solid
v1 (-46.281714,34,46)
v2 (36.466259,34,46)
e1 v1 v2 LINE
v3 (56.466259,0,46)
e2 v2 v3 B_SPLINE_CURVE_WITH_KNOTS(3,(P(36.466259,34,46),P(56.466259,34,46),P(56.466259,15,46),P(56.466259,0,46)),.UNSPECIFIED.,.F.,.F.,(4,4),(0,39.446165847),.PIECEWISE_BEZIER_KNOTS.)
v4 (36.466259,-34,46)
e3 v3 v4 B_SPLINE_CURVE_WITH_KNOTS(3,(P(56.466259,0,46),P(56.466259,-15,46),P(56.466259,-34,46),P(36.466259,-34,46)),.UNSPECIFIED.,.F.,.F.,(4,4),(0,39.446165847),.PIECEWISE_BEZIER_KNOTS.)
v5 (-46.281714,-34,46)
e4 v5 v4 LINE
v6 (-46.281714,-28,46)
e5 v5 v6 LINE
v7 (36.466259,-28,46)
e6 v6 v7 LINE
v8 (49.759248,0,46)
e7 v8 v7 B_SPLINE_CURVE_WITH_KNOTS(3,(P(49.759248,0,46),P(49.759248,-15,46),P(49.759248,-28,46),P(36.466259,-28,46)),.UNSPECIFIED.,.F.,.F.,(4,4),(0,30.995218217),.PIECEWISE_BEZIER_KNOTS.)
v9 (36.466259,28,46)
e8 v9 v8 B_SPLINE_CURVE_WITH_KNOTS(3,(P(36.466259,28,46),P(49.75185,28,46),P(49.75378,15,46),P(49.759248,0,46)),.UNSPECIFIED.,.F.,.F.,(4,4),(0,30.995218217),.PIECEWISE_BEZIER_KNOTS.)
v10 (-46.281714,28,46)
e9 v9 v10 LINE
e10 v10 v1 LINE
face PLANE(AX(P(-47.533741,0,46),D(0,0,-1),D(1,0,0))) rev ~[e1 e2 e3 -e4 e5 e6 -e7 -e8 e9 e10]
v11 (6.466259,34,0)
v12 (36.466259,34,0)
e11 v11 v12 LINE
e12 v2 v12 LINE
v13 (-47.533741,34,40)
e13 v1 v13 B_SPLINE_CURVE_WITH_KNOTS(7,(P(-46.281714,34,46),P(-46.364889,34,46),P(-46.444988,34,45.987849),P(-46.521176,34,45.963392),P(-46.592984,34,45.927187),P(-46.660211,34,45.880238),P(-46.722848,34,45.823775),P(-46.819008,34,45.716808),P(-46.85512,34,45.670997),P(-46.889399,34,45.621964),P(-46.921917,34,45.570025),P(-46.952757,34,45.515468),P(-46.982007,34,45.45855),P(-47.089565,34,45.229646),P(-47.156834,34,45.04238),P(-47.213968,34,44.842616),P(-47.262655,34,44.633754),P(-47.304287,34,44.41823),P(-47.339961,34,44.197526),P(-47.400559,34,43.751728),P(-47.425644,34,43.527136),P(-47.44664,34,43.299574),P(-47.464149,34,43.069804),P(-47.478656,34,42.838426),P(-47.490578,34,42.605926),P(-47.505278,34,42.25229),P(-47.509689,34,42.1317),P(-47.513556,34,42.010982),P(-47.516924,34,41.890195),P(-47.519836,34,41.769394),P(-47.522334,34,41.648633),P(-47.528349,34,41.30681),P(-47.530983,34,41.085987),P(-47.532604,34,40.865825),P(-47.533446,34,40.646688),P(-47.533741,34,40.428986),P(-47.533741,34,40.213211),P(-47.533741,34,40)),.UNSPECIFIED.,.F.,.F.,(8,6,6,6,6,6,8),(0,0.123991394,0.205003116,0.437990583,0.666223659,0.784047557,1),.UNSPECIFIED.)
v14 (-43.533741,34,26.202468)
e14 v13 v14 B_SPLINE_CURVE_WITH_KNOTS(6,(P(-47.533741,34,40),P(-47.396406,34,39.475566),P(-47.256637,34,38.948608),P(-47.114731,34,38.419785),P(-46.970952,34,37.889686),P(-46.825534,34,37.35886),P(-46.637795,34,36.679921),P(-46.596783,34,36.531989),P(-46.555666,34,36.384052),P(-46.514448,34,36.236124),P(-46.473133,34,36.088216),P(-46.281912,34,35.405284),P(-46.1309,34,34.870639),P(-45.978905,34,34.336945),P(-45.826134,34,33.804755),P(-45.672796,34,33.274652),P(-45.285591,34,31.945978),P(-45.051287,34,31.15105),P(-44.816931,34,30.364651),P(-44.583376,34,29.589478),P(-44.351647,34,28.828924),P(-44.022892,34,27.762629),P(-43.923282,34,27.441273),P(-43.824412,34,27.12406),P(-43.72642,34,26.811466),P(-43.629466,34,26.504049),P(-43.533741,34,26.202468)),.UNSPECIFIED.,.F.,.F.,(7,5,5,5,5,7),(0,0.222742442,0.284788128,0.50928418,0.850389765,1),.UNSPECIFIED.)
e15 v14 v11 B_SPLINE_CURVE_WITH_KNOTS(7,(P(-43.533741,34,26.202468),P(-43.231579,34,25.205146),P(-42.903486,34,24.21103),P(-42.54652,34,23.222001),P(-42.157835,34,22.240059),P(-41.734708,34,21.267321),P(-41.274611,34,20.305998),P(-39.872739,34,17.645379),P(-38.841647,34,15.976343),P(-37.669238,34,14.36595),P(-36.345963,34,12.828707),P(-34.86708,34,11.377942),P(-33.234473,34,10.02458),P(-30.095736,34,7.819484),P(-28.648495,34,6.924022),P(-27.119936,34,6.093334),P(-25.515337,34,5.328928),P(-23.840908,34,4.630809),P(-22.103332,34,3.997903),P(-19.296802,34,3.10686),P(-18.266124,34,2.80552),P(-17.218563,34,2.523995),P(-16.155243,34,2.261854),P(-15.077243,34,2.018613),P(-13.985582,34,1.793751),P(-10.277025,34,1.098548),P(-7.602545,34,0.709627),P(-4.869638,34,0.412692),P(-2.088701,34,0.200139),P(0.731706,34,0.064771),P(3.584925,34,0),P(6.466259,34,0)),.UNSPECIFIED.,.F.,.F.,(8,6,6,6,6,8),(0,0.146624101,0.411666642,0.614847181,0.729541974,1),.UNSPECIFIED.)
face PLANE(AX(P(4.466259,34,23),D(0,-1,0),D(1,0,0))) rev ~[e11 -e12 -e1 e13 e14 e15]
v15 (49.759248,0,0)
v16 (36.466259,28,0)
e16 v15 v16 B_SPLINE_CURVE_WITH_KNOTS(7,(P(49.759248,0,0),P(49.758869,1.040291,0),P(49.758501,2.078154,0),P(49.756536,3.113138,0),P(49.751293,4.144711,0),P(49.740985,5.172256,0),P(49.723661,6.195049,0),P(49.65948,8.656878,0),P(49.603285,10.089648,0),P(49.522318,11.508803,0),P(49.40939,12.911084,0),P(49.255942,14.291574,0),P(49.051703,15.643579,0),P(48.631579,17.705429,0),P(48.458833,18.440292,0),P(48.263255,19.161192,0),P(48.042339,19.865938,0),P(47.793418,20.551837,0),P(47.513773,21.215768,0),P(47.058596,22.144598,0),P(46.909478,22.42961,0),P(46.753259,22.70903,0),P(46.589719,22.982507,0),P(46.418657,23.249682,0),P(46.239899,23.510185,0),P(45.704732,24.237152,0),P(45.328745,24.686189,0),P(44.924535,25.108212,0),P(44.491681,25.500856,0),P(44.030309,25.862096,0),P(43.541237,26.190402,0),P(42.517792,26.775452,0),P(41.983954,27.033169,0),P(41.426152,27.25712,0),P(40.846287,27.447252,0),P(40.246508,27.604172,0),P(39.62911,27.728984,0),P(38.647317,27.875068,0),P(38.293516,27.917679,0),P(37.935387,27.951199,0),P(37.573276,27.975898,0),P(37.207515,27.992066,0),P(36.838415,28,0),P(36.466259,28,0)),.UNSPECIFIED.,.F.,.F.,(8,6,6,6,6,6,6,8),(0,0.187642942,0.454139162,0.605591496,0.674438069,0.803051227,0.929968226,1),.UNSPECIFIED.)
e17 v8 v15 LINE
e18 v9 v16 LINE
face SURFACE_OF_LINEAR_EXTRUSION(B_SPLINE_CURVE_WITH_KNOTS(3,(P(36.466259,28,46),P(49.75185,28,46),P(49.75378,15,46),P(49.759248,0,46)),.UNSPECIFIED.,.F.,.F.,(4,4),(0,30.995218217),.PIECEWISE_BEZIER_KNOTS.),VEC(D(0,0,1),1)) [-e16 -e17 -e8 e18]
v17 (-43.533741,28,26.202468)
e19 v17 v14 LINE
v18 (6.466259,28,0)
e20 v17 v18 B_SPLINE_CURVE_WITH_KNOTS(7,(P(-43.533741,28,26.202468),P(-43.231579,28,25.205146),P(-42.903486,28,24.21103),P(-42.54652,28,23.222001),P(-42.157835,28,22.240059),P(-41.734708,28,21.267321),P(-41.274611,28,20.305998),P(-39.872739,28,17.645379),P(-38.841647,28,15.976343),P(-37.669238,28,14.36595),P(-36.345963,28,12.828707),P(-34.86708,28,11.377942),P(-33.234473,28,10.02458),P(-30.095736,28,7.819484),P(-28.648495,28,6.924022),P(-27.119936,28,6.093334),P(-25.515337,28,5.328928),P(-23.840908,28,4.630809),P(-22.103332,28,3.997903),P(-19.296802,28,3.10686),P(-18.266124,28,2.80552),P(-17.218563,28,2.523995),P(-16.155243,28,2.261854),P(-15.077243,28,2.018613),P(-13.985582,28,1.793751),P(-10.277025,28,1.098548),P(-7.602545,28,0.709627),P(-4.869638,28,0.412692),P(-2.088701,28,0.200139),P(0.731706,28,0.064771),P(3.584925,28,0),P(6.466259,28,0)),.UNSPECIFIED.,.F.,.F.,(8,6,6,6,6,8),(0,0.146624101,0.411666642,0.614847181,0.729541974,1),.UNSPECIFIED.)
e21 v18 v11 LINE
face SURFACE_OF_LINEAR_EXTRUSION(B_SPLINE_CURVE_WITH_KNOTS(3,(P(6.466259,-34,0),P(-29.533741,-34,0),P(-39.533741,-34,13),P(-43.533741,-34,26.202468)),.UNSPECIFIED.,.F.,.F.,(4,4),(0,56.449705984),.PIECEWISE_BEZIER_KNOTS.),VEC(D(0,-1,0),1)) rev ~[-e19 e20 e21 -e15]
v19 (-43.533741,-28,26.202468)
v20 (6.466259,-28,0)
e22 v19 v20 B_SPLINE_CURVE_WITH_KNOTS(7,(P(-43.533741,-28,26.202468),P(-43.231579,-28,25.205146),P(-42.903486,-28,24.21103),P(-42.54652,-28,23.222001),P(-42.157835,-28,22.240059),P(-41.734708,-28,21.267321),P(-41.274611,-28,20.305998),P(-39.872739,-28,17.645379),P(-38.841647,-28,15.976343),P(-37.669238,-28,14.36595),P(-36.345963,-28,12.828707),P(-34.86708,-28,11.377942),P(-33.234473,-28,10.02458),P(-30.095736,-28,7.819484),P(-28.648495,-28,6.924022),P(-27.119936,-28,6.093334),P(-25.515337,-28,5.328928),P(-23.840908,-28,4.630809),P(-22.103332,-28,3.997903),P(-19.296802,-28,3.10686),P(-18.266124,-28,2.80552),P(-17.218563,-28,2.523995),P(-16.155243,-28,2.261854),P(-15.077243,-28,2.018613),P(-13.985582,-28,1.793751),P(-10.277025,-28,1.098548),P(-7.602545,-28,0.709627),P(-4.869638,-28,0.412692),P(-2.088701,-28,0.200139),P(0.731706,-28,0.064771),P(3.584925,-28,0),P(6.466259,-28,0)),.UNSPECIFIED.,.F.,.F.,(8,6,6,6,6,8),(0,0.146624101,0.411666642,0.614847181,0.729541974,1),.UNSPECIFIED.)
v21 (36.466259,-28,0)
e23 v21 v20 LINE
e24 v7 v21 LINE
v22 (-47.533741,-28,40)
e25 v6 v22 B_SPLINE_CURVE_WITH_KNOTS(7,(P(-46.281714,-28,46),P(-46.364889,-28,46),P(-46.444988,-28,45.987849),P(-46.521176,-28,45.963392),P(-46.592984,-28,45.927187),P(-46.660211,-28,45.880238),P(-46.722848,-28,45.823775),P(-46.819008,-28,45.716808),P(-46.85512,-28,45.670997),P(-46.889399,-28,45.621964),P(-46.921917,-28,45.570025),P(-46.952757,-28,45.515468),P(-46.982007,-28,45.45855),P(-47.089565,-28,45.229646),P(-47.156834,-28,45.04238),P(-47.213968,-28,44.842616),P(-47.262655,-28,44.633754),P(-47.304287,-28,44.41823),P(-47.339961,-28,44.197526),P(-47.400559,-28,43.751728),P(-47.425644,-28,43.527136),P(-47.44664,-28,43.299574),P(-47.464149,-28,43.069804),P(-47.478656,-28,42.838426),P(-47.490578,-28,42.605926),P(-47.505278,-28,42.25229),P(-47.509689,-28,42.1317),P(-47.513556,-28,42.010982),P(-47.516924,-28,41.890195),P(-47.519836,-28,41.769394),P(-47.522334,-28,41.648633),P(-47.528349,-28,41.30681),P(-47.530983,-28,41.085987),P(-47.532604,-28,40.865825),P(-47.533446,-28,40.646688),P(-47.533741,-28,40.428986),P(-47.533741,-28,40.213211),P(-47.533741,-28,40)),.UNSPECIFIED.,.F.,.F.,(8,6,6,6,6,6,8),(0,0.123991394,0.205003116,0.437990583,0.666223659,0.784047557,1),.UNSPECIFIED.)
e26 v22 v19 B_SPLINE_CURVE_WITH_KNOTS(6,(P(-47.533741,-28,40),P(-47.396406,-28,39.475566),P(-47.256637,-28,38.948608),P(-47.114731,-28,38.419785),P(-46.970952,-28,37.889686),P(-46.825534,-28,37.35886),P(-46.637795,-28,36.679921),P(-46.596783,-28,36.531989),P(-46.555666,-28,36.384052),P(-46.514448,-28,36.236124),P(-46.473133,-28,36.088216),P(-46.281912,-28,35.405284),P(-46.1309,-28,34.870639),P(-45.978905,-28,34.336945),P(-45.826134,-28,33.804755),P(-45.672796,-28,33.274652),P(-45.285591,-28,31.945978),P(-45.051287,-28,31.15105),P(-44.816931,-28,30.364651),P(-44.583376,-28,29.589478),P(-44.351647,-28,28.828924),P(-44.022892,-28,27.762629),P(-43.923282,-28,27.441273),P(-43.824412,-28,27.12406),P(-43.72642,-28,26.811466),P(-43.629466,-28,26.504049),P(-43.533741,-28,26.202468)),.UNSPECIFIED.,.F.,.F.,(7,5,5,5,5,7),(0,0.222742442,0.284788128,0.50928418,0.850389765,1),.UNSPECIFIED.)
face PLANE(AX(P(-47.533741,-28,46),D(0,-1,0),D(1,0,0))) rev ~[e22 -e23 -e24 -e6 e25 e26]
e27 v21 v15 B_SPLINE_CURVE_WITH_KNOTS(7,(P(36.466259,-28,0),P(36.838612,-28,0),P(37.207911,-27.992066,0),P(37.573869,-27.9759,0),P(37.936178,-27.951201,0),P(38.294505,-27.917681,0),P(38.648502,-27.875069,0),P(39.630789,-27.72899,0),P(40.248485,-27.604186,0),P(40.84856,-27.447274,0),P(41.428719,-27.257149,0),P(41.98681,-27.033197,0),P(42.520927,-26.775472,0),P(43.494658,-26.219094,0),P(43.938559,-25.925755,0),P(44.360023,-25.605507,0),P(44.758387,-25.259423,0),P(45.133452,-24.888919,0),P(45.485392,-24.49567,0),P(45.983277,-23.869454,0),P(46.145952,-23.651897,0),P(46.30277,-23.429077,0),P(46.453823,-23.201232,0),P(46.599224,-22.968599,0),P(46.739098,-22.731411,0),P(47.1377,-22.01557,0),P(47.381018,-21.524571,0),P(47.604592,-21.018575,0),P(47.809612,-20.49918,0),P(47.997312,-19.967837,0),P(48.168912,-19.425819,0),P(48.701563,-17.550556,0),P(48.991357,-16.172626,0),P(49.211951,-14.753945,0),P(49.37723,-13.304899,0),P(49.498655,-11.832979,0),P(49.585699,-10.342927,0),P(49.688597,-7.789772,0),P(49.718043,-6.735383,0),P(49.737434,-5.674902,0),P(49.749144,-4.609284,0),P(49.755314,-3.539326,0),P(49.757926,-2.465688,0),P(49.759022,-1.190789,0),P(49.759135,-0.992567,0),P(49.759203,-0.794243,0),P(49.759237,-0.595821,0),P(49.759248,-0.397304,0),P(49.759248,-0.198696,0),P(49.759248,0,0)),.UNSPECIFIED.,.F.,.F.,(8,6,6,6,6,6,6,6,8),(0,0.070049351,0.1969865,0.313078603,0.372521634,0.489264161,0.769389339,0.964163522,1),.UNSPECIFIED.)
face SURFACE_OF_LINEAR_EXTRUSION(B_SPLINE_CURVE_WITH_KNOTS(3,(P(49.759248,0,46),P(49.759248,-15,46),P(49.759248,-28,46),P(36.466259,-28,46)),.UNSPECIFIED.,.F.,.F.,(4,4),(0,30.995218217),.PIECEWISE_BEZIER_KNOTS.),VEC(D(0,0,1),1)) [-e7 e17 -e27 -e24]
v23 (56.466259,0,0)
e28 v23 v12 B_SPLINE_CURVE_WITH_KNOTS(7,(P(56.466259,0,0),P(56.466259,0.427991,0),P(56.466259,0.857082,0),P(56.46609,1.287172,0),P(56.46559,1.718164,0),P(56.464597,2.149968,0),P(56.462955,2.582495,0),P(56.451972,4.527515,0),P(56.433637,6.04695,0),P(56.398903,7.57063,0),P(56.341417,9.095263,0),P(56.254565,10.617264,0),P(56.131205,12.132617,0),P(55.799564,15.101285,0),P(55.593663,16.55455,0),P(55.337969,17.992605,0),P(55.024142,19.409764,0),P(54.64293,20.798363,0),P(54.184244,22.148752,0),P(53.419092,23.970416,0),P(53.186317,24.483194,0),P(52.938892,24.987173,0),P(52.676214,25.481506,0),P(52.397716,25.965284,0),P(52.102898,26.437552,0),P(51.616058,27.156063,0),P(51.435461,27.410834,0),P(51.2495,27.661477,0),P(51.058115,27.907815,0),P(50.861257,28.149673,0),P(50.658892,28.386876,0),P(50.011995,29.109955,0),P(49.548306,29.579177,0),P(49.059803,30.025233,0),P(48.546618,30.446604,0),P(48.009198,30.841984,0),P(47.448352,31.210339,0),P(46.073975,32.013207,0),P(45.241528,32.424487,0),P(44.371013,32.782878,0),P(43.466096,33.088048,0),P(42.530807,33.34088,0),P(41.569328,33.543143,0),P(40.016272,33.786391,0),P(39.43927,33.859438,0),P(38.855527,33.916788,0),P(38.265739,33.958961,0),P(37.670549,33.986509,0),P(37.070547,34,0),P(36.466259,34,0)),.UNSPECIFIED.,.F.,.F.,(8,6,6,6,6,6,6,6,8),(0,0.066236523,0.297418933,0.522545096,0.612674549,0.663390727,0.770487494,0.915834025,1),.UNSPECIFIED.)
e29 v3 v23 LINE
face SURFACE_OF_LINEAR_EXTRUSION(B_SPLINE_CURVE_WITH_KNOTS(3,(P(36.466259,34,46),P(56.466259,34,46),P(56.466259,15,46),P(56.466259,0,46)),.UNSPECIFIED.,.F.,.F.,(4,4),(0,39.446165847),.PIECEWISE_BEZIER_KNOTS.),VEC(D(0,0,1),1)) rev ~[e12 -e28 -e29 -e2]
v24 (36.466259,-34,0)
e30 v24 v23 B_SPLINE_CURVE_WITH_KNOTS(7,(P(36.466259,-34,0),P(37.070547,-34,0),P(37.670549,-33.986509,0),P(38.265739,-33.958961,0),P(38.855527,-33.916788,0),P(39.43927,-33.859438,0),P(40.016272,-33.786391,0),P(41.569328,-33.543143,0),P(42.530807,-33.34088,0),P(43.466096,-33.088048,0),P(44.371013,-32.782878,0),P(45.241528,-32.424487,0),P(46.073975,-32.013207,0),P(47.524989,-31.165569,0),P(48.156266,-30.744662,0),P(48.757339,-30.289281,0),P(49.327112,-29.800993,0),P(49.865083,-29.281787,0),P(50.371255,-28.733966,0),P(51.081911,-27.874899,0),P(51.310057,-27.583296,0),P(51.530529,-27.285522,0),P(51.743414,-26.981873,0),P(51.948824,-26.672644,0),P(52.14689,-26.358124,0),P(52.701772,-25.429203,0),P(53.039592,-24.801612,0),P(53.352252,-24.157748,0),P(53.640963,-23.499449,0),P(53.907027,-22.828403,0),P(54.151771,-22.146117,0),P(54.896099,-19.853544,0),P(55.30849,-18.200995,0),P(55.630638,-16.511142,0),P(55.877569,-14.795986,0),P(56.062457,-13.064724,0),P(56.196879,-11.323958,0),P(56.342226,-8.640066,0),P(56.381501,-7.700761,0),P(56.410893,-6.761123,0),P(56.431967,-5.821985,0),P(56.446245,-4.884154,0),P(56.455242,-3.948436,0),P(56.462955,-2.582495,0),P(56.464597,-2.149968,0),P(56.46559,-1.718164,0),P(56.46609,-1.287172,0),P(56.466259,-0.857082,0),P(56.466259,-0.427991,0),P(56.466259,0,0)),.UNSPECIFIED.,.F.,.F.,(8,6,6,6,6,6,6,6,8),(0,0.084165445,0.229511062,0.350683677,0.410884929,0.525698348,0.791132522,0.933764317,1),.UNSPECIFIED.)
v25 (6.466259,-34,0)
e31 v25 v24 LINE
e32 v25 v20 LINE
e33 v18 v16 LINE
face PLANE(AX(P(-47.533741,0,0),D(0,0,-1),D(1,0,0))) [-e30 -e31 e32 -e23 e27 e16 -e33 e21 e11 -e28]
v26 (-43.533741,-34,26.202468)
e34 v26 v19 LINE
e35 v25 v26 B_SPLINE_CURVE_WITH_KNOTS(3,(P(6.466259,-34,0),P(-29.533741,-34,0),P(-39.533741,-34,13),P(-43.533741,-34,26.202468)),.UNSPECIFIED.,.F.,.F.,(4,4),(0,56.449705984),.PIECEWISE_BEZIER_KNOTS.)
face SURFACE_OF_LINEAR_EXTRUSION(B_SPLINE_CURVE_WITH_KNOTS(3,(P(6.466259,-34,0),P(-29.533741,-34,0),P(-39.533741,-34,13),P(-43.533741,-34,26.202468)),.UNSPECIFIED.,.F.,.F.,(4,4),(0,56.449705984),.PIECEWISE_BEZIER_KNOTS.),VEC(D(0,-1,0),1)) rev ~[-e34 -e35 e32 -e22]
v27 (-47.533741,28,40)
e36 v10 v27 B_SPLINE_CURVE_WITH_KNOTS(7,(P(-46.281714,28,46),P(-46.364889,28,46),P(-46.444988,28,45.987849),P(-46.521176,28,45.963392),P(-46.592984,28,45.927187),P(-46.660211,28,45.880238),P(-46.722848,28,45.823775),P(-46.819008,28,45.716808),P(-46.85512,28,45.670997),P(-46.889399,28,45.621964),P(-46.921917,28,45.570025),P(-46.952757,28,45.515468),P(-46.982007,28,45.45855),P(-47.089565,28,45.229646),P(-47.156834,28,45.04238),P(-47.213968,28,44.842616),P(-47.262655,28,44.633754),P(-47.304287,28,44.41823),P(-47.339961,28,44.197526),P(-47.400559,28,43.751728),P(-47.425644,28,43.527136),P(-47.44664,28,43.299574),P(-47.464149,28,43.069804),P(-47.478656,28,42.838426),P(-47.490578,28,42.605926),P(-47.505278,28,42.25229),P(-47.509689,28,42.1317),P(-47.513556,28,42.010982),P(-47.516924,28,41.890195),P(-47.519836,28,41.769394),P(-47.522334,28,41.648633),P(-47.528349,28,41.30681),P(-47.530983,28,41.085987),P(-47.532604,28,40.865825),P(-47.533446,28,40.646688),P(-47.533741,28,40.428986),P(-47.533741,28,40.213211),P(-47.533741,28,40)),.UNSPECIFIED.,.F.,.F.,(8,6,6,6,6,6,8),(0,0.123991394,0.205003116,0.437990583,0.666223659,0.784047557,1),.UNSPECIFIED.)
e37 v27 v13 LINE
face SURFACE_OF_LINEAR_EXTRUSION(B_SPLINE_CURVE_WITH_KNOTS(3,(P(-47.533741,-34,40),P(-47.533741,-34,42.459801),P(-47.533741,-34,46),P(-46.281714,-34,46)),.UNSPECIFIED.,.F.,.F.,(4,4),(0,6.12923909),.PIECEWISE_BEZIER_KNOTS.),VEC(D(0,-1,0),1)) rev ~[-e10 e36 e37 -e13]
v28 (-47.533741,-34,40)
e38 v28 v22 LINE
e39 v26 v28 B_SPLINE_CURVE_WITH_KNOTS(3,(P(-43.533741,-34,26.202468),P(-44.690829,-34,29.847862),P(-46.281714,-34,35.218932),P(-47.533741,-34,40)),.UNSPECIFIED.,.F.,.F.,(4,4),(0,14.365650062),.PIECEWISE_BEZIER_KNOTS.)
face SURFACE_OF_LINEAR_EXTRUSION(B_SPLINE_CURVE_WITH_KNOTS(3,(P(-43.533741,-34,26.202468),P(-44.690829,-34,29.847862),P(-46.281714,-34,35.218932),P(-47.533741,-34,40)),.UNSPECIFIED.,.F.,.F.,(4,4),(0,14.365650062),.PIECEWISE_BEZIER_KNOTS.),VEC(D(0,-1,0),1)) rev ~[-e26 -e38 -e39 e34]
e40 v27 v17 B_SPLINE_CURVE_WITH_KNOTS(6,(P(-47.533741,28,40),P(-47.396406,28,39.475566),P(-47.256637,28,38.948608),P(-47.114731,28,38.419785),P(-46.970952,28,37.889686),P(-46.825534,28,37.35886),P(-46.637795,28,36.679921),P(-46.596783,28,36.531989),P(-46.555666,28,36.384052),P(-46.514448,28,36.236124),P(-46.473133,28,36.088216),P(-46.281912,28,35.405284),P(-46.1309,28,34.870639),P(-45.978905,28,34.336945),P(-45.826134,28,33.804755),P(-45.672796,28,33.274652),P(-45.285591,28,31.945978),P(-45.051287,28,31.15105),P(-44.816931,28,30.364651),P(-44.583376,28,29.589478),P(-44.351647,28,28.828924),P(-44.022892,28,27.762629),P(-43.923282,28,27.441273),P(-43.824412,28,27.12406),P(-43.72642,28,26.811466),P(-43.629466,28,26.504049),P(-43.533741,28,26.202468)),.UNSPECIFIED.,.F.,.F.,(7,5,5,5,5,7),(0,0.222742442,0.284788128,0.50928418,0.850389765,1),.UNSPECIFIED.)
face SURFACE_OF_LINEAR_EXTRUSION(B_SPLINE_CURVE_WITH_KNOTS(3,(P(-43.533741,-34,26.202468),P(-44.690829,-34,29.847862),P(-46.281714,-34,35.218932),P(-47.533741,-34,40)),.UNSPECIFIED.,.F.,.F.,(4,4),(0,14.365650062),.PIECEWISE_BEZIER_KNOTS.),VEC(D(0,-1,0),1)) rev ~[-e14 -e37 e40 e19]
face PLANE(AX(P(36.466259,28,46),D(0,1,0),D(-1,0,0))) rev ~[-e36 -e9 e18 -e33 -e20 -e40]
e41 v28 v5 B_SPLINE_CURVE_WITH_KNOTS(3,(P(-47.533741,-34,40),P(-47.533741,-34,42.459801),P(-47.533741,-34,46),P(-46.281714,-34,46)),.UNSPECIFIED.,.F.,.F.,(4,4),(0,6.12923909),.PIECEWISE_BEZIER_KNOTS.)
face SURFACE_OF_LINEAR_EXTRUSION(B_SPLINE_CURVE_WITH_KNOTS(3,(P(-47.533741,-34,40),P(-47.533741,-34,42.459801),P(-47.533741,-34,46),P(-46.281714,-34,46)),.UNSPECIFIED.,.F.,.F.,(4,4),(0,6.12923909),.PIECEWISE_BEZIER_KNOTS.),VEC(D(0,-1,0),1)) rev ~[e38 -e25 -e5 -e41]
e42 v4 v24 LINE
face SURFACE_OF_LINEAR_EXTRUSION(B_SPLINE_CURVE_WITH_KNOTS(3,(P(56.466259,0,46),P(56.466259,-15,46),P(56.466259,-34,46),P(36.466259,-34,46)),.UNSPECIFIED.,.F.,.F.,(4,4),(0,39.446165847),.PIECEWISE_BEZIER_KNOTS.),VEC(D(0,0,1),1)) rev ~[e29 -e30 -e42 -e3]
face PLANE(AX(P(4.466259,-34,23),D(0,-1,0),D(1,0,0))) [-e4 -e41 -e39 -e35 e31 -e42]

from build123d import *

# Parameters (mm, degrees)
F0_W     = 104
F0_H     = 46
F1_DEPTH = 34
F3_DEPTH = 46.001
F5_DEPTH = 46.0010001
F7_DEPTH = 68.0010001


with BuildPart() as f1:
    # F0 (on Front) → F1 (new body, symmetric)
    with BuildSketch(Plane.XZ):
        with Locations((4.4662589207, 23)):
            Rectangle(F0_W, F0_H)
    extrude(amount=F1_DEPTH, both=True)

    # F2 (on face) → F3 (cut, through all)
    with BuildSketch(Plane.XY.offset(46)):
        with BuildLine():
            Line((56.4662589207, 34), (36.4662589207, 34))
            add(Edge.make_bspline(
                [(36.4662589207, 34), (56.4662589207, 34), (56.4662589207, 15), (56.4662589207, 0)],
                knots=[0, 0, 0, 0, 39.4461658466, 39.4461658466, 39.4461658466, 39.4461658466], degree=3))
            Line((56.4662589207, 0), (56.4662589207, 34))
        make_face()
        with BuildLine():
            Line((56.4662589207, -34), (56.4662589207, 0))
            add(Edge.make_bspline(
                [(56.4662589207, 0), (56.4662589207, -15), (56.4662589207, -34), (36.4662589207, -34)],
                knots=[0, 0, 0, 0, 39.4461658466, 39.4461658466, 39.4461658466, 39.4461658466], degree=3))
            Line((36.4662589207, -34), (56.4662589207, -34))
        make_face()
    extrude(amount=-F3_DEPTH, mode=Mode.SUBTRACT)

    # F4 (on face) → F5 (cut, through all)
    with BuildSketch(Plane.XY.offset(46)):
        with BuildLine():
            Line((36.4662589207, 28), (-47.5337410793, 28))
            Line((-47.5337410793, 28), (-47.5337410793, -28))
            Line((-47.5337410793, -28), (36.4662589207, -28))
            add(Edge.make_bspline(
                [(49.7592477622, 0), (49.7592477622, -15), (49.7592477622, -28), (36.4662589207, -28)],
                knots=[0, 0, 0, 0, 30.9952182173, 30.9952182173, 30.9952182173, 30.9952182173], degree=3))
            add(Edge.make_bspline(
                [(36.4662589207, 28), (49.7518497669, 28), (49.7537801128, 15), (49.7592477622, 0)],
                knots=[0, 0, 0, 0, 30.9952182173, 30.9952182173, 30.9952182173, 30.9952182173], degree=3))
        make_face()
    extrude(amount=-F5_DEPTH, mode=Mode.SUBTRACT)

    # F6 (on face) → F7 (cut, through all)
    with BuildSketch(Plane.XZ.offset(34)):
        with BuildLine():
            Line((-47.5337410793, 0), (6.4662589207, 0))
            add(Edge.make_bspline(
                [(6.4662589207, 0), (-29.5337410793, 0), (-39.5337410793, 13), (-43.5337410793, 26.2024675506)],
                knots=[0, 0, 0, 0, 56.4497059845, 56.4497059845, 56.4497059845, 56.4497059845], degree=3))
            add(Edge.make_bspline(
                [(-43.5337410793, 26.2024675506), (-44.6908287704, 29.8478620036), (-46.2817139924, 35.2189317346), (-47.5337410793, 40)],
                knots=[0, 0, 0, 0, 14.3656500616, 14.3656500616, 14.3656500616, 14.3656500616], degree=3))
            Line((-47.5337410793, 40), (-47.5337410793, 0))
        make_face()
        with BuildLine():
            Line((-47.5337410793, 46), (-47.5337410793, 40))
            add(Edge.make_bspline(
                [(-47.5337410793, 40), (-47.5337410793, 42.4598008394), (-47.5337410793, 46), (-46.2817139924, 46)],
                knots=[0, 0, 0, 0, 6.1292390903, 6.1292390903, 6.1292390903, 6.1292390903], degree=3))
            Line((-46.2817139924, 46), (-47.5337410793, 46))
        make_face()
    extrude(amount=-F7_DEPTH, mode=Mode.SUBTRACT)


solid = f1.part
